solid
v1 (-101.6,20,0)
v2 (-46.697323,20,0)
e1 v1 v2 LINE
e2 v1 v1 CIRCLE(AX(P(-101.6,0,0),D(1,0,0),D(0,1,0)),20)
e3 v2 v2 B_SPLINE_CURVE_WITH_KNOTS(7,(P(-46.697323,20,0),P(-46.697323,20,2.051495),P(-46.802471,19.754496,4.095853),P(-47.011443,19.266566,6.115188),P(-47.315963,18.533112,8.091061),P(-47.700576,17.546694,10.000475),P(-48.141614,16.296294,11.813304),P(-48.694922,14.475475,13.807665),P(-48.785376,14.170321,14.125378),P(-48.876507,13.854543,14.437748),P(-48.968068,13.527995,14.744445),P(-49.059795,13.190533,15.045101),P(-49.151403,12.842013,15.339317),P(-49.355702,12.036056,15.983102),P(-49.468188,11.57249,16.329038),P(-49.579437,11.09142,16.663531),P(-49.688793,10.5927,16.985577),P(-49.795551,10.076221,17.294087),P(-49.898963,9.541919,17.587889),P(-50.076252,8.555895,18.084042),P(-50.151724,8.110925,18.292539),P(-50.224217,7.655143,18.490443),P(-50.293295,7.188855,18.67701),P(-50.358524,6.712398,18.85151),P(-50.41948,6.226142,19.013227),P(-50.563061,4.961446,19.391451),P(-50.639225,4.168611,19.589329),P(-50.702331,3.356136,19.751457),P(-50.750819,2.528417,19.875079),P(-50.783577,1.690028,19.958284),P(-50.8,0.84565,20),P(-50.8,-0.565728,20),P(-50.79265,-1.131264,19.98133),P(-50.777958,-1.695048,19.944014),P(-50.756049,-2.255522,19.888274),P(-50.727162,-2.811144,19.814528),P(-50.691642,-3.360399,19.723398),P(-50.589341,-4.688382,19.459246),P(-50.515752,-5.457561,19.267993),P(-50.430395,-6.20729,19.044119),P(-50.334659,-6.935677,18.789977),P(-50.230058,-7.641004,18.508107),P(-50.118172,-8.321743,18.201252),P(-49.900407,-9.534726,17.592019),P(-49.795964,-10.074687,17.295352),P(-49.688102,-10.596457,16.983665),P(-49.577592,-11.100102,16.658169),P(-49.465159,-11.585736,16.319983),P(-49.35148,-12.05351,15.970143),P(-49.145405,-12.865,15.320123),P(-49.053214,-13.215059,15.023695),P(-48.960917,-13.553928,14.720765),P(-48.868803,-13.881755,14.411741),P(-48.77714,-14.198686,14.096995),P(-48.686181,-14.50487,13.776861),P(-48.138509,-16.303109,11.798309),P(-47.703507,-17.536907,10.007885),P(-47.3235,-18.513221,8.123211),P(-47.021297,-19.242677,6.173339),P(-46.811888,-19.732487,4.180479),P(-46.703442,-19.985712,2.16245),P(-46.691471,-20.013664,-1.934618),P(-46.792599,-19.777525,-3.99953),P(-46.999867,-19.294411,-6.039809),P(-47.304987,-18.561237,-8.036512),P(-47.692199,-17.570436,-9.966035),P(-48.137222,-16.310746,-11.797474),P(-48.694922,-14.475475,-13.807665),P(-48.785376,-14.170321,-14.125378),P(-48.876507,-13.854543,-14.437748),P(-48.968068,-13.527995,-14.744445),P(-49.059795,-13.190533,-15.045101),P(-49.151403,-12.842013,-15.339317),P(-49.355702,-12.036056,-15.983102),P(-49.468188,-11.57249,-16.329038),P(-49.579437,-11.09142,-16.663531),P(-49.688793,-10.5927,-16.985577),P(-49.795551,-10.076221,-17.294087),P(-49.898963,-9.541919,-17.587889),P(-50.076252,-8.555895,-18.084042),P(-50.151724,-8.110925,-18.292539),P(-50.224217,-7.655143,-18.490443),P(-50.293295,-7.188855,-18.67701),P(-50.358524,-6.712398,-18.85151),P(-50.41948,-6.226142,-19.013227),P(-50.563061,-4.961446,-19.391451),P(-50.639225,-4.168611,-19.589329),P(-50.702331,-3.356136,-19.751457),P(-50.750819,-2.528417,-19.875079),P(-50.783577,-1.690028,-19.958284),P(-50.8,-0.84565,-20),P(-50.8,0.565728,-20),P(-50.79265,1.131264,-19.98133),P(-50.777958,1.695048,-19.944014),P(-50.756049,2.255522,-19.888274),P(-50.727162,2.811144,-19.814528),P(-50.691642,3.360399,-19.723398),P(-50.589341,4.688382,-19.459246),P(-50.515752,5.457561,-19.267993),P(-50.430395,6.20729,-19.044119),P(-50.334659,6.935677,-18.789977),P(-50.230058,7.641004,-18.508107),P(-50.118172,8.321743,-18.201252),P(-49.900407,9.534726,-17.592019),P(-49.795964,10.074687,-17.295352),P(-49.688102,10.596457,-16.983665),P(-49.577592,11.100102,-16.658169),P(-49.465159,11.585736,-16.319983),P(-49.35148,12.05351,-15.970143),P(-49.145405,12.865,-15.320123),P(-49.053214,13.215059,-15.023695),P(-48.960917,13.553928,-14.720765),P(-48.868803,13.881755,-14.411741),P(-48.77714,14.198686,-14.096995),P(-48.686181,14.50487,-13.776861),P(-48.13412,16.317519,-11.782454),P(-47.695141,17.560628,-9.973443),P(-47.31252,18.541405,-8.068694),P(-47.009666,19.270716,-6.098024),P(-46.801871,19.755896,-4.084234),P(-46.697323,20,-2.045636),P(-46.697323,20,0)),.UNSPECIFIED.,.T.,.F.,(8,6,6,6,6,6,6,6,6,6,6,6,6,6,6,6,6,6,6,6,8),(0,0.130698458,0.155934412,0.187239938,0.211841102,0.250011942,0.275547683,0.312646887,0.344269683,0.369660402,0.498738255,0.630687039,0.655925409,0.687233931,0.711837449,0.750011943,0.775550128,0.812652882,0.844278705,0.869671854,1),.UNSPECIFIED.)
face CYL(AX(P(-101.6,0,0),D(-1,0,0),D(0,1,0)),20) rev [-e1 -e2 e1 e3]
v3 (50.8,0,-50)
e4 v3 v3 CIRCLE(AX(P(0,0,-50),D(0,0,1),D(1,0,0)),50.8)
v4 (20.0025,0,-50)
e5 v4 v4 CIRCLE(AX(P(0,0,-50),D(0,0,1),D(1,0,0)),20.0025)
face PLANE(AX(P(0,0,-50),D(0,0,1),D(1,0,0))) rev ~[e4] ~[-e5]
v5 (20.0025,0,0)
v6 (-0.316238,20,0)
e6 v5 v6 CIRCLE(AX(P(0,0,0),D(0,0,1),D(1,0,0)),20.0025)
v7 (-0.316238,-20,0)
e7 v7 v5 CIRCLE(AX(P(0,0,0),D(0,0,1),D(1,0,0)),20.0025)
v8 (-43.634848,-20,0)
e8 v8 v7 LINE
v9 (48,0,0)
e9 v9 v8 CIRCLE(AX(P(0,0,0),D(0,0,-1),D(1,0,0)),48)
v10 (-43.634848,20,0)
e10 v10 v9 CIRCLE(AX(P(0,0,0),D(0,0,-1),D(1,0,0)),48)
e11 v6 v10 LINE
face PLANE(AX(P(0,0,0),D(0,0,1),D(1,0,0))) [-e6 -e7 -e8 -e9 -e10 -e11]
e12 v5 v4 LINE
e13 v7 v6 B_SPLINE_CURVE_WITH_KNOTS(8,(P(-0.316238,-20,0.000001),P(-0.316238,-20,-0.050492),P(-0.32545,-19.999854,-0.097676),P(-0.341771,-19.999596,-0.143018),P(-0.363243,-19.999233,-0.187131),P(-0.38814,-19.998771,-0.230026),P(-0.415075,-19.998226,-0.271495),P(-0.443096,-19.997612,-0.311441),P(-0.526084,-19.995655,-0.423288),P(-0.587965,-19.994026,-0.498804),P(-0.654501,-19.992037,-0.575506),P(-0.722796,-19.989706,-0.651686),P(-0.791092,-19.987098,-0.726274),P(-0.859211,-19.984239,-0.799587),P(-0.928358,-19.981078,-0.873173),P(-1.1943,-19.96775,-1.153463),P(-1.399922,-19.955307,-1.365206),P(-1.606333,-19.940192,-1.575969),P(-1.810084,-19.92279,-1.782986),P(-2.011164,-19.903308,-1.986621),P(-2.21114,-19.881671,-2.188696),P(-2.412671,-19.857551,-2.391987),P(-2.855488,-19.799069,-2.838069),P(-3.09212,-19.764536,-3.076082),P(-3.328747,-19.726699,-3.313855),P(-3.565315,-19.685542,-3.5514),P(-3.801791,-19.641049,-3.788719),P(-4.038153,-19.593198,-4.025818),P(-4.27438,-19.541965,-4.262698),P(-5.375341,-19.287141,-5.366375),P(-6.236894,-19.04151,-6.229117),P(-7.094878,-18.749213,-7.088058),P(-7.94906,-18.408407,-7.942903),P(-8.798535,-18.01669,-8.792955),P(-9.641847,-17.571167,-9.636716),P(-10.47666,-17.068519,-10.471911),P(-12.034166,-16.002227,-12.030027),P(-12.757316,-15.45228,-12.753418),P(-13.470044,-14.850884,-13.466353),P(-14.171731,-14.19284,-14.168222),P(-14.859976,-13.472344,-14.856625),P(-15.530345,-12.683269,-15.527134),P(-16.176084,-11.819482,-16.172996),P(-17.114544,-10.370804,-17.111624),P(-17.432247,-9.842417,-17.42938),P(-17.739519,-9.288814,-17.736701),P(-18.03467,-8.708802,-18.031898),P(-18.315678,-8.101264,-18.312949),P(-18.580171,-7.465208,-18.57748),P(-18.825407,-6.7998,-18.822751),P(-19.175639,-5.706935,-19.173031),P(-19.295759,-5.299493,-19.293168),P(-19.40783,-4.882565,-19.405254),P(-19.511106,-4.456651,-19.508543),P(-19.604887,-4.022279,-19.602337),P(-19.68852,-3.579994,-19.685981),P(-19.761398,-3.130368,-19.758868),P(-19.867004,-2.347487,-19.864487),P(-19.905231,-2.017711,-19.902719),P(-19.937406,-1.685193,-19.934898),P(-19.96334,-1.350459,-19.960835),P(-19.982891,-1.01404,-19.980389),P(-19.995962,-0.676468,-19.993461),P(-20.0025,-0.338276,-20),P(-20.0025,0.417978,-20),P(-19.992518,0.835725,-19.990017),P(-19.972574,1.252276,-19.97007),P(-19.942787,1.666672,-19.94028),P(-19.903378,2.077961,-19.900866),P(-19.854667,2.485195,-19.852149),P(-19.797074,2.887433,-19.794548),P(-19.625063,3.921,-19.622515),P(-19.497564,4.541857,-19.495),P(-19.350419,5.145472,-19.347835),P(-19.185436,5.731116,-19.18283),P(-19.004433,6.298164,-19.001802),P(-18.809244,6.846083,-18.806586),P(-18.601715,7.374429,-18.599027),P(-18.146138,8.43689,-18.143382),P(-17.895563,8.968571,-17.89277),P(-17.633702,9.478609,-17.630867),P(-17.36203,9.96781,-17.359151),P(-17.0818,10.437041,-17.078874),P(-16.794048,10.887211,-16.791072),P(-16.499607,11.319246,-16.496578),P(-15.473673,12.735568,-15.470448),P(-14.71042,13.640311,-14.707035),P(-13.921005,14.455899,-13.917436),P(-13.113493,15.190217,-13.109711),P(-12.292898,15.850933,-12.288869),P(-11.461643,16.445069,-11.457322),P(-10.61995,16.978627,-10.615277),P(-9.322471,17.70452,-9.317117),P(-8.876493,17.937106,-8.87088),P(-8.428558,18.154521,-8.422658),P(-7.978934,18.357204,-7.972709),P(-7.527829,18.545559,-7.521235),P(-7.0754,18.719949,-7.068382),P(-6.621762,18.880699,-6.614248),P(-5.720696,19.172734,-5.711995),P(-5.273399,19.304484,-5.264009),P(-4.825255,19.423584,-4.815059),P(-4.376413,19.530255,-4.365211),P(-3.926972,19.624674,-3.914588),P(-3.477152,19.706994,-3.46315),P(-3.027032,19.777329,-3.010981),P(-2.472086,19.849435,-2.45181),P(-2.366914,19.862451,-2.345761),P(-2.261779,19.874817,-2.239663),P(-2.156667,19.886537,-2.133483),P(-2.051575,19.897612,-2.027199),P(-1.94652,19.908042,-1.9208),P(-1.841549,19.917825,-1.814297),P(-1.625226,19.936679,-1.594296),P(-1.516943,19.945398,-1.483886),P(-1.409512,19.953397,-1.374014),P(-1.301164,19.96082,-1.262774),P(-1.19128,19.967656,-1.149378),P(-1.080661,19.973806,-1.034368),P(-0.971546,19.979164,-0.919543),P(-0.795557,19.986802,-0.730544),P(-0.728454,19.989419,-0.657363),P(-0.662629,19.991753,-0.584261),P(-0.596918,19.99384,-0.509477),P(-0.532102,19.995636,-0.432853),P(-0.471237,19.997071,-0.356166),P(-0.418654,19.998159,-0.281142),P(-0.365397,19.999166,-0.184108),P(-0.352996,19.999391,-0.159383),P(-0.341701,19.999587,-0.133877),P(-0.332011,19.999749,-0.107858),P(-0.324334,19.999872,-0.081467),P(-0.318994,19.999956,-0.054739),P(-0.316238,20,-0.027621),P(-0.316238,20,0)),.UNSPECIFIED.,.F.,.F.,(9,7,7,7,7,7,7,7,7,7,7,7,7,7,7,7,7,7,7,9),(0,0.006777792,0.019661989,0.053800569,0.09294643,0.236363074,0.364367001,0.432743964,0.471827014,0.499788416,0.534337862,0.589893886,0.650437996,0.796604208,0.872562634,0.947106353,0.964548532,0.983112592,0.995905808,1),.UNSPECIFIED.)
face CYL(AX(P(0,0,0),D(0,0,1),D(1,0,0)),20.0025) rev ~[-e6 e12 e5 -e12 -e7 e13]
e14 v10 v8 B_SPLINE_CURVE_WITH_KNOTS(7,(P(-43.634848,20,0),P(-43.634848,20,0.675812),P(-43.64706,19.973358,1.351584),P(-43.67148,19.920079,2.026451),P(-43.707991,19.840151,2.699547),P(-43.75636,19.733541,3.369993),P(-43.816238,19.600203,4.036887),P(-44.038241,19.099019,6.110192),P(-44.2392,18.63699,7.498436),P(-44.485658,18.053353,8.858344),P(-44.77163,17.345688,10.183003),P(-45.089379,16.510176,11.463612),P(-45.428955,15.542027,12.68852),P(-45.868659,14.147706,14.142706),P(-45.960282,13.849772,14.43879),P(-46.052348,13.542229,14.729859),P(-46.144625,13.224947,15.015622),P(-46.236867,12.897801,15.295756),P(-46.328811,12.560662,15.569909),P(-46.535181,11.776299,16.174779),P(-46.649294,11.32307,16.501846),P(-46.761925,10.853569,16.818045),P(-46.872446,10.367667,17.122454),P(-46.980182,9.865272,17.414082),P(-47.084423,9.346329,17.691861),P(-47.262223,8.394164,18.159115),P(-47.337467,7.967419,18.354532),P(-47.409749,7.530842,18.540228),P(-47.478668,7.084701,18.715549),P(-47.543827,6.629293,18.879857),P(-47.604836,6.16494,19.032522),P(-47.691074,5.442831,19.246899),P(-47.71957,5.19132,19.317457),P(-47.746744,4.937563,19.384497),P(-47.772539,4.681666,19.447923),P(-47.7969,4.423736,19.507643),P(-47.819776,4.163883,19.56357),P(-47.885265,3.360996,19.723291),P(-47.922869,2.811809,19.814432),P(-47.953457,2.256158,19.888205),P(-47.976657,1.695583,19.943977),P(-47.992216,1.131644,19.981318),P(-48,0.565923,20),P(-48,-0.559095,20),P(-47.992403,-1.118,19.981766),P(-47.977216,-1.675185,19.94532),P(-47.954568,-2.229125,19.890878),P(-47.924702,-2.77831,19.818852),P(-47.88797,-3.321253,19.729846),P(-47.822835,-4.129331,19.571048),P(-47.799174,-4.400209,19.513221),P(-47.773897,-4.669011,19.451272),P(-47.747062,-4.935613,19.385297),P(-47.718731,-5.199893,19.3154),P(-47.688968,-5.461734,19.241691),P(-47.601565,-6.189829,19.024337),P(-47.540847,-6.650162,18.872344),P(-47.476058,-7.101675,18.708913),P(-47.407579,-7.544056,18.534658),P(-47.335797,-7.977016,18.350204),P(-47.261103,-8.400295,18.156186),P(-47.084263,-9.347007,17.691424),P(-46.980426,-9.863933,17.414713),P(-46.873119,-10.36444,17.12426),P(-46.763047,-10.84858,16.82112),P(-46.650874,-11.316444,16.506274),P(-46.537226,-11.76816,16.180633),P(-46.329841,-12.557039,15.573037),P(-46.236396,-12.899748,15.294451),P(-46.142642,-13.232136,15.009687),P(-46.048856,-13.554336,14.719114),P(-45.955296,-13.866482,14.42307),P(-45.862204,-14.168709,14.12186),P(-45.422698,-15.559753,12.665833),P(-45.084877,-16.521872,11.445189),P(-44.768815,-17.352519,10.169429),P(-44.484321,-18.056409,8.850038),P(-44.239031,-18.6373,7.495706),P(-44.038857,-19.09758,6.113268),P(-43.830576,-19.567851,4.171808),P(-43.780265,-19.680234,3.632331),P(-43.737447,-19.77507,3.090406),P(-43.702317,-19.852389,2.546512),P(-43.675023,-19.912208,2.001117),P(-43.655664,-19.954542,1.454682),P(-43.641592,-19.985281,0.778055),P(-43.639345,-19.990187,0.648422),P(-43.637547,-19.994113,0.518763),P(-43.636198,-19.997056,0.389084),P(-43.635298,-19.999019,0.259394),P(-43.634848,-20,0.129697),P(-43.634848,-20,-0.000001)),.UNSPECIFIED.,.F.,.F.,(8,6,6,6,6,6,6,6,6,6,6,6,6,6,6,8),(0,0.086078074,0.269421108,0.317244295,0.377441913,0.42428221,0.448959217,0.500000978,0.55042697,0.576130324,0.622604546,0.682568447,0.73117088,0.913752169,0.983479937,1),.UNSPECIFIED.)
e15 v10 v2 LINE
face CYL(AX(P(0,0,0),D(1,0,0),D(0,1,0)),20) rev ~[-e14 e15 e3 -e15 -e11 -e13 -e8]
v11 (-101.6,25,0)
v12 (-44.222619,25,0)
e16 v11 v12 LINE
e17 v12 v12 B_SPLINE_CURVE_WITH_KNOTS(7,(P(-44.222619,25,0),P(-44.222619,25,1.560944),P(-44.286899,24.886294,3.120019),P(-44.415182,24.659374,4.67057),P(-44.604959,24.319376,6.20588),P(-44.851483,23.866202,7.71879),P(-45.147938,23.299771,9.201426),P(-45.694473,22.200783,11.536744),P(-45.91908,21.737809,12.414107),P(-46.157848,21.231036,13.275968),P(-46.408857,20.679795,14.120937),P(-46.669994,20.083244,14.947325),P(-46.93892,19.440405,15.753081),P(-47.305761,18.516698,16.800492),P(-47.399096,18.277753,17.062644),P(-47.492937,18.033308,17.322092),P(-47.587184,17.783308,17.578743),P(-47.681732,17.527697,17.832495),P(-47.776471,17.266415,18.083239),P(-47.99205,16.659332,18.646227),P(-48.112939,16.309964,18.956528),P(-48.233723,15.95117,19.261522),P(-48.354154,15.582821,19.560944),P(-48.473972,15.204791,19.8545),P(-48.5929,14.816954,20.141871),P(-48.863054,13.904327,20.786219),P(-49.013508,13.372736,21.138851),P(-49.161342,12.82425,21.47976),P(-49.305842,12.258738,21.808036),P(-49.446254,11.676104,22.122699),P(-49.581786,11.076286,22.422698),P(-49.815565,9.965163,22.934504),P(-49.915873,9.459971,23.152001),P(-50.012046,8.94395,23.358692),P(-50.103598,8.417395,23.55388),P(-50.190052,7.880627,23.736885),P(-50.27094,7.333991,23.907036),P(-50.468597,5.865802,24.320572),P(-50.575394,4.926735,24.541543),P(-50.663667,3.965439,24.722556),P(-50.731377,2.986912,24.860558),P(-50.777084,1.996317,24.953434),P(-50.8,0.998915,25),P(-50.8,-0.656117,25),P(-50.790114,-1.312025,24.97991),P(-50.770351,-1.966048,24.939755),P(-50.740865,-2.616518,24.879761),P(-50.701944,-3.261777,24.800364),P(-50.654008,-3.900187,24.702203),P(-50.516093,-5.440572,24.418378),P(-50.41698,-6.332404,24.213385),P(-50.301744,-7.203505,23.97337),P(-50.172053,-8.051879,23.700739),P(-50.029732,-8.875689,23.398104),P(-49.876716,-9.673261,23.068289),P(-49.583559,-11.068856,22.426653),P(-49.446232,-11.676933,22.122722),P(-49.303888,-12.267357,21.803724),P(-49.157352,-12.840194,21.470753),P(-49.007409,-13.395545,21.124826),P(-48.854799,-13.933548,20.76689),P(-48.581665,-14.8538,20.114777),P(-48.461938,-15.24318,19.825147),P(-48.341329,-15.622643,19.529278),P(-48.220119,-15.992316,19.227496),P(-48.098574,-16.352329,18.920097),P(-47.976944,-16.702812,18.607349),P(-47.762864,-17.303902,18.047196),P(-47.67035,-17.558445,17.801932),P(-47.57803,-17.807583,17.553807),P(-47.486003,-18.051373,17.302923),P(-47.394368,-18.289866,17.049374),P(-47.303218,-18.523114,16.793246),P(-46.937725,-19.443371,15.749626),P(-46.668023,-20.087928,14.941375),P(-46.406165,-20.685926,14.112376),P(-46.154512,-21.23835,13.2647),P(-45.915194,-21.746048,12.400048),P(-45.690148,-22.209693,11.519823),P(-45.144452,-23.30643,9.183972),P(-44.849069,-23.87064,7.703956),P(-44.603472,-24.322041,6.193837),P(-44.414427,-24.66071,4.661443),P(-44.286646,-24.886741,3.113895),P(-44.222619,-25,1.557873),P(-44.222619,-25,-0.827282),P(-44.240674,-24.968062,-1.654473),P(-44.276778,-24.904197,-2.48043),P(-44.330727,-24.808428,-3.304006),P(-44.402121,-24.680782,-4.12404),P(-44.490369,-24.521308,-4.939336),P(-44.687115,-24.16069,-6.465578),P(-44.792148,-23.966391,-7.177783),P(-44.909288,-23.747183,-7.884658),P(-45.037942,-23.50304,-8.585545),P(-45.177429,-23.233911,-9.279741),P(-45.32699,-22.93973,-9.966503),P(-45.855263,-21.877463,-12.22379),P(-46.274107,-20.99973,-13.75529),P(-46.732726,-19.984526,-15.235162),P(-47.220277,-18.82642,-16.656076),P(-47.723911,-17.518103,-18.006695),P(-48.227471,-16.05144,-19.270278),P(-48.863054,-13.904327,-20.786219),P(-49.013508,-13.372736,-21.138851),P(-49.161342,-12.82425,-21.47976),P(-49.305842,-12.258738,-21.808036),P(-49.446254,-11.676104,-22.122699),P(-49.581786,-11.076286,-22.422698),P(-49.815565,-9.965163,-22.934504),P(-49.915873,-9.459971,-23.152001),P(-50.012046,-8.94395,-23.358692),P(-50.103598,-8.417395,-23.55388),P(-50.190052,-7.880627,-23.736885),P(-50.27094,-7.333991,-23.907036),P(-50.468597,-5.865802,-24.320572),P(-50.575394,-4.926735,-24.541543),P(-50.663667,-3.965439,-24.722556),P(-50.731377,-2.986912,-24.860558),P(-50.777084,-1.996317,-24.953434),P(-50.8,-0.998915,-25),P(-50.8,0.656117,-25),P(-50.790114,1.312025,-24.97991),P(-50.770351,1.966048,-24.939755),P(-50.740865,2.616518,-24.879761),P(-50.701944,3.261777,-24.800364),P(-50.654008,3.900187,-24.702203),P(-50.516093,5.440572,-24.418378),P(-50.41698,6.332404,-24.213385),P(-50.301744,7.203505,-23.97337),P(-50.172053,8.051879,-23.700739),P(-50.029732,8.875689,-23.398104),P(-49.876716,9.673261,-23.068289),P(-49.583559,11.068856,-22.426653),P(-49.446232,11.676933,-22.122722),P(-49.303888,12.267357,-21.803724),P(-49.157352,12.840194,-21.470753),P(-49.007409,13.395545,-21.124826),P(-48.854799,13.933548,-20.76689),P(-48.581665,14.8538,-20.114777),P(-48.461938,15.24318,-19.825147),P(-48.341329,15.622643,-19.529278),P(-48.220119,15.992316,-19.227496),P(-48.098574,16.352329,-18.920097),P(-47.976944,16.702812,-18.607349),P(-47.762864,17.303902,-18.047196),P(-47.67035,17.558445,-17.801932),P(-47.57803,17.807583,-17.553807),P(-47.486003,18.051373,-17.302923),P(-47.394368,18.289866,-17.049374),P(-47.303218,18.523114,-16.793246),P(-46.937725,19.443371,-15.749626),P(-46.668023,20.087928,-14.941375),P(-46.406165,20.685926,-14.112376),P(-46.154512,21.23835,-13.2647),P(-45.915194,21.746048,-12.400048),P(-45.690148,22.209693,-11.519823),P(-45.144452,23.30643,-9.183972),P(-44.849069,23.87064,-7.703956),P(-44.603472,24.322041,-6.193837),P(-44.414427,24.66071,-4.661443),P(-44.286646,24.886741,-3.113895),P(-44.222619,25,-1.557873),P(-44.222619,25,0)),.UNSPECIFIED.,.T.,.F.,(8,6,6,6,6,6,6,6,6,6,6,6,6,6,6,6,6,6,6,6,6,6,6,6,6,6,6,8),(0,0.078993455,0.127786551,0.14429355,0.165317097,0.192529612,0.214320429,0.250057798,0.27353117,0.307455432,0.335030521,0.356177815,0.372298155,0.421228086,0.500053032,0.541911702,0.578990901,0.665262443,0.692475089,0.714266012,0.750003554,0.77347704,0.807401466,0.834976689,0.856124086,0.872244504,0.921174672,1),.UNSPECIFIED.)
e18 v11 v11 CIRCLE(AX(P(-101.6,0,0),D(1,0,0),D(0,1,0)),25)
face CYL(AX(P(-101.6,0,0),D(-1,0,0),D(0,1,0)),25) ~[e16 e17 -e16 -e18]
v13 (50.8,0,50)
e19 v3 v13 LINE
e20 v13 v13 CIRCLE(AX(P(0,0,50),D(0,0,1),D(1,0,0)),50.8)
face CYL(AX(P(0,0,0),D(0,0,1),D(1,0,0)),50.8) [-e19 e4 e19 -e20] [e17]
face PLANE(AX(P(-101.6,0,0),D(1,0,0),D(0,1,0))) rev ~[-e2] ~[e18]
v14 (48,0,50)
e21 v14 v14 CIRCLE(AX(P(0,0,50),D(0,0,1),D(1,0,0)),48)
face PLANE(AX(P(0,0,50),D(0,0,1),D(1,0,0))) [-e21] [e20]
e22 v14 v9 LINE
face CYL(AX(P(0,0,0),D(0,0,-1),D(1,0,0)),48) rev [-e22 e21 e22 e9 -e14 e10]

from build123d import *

# Parameters (mm, degrees)
F0_R     = 50.8
F0_R_2   = 48
F1_DEPTH = 50
F2_R     = 50.8
F2_R_2   = 20.0025
F3_DEPTH = 50
F4_R     = 20
F5_DEPTH = 50.801
F7_R     = 25
F7_R_2   = 20


with BuildPart() as f1:
    # F0 (on Top) → F1 (new body, symmetric)
    with BuildSketch(Plane.XY):
        Circle(F0_R)
        Circle(F0_R_2, mode=Mode.SUBTRACT)
    extrude(amount=F1_DEPTH, both=True)

    # F2 (on Top) → F3 (join, through all)
    with BuildSketch(Plane.XY):
        Circle(F2_R)
        Circle(F2_R_2, mode=Mode.SUBTRACT)
    extrude(amount=-F3_DEPTH)

    # F4 (on Right) → F5 (cut, through all)
    with BuildSketch(Plane.YZ):
        Circle(F4_R)
    extrude(amount=-F5_DEPTH, mode=Mode.SUBTRACT)

    # F7 (on offset) → F8 (join, up to the next surface of F1)
    with BuildSketch(Plane.YZ.offset(-101.6)):
        Circle(F7_R)
        Circle(F7_R_2, mode=Mode.SUBTRACT)
    extrude(until=Until.NEXT)


solid = f1.part
